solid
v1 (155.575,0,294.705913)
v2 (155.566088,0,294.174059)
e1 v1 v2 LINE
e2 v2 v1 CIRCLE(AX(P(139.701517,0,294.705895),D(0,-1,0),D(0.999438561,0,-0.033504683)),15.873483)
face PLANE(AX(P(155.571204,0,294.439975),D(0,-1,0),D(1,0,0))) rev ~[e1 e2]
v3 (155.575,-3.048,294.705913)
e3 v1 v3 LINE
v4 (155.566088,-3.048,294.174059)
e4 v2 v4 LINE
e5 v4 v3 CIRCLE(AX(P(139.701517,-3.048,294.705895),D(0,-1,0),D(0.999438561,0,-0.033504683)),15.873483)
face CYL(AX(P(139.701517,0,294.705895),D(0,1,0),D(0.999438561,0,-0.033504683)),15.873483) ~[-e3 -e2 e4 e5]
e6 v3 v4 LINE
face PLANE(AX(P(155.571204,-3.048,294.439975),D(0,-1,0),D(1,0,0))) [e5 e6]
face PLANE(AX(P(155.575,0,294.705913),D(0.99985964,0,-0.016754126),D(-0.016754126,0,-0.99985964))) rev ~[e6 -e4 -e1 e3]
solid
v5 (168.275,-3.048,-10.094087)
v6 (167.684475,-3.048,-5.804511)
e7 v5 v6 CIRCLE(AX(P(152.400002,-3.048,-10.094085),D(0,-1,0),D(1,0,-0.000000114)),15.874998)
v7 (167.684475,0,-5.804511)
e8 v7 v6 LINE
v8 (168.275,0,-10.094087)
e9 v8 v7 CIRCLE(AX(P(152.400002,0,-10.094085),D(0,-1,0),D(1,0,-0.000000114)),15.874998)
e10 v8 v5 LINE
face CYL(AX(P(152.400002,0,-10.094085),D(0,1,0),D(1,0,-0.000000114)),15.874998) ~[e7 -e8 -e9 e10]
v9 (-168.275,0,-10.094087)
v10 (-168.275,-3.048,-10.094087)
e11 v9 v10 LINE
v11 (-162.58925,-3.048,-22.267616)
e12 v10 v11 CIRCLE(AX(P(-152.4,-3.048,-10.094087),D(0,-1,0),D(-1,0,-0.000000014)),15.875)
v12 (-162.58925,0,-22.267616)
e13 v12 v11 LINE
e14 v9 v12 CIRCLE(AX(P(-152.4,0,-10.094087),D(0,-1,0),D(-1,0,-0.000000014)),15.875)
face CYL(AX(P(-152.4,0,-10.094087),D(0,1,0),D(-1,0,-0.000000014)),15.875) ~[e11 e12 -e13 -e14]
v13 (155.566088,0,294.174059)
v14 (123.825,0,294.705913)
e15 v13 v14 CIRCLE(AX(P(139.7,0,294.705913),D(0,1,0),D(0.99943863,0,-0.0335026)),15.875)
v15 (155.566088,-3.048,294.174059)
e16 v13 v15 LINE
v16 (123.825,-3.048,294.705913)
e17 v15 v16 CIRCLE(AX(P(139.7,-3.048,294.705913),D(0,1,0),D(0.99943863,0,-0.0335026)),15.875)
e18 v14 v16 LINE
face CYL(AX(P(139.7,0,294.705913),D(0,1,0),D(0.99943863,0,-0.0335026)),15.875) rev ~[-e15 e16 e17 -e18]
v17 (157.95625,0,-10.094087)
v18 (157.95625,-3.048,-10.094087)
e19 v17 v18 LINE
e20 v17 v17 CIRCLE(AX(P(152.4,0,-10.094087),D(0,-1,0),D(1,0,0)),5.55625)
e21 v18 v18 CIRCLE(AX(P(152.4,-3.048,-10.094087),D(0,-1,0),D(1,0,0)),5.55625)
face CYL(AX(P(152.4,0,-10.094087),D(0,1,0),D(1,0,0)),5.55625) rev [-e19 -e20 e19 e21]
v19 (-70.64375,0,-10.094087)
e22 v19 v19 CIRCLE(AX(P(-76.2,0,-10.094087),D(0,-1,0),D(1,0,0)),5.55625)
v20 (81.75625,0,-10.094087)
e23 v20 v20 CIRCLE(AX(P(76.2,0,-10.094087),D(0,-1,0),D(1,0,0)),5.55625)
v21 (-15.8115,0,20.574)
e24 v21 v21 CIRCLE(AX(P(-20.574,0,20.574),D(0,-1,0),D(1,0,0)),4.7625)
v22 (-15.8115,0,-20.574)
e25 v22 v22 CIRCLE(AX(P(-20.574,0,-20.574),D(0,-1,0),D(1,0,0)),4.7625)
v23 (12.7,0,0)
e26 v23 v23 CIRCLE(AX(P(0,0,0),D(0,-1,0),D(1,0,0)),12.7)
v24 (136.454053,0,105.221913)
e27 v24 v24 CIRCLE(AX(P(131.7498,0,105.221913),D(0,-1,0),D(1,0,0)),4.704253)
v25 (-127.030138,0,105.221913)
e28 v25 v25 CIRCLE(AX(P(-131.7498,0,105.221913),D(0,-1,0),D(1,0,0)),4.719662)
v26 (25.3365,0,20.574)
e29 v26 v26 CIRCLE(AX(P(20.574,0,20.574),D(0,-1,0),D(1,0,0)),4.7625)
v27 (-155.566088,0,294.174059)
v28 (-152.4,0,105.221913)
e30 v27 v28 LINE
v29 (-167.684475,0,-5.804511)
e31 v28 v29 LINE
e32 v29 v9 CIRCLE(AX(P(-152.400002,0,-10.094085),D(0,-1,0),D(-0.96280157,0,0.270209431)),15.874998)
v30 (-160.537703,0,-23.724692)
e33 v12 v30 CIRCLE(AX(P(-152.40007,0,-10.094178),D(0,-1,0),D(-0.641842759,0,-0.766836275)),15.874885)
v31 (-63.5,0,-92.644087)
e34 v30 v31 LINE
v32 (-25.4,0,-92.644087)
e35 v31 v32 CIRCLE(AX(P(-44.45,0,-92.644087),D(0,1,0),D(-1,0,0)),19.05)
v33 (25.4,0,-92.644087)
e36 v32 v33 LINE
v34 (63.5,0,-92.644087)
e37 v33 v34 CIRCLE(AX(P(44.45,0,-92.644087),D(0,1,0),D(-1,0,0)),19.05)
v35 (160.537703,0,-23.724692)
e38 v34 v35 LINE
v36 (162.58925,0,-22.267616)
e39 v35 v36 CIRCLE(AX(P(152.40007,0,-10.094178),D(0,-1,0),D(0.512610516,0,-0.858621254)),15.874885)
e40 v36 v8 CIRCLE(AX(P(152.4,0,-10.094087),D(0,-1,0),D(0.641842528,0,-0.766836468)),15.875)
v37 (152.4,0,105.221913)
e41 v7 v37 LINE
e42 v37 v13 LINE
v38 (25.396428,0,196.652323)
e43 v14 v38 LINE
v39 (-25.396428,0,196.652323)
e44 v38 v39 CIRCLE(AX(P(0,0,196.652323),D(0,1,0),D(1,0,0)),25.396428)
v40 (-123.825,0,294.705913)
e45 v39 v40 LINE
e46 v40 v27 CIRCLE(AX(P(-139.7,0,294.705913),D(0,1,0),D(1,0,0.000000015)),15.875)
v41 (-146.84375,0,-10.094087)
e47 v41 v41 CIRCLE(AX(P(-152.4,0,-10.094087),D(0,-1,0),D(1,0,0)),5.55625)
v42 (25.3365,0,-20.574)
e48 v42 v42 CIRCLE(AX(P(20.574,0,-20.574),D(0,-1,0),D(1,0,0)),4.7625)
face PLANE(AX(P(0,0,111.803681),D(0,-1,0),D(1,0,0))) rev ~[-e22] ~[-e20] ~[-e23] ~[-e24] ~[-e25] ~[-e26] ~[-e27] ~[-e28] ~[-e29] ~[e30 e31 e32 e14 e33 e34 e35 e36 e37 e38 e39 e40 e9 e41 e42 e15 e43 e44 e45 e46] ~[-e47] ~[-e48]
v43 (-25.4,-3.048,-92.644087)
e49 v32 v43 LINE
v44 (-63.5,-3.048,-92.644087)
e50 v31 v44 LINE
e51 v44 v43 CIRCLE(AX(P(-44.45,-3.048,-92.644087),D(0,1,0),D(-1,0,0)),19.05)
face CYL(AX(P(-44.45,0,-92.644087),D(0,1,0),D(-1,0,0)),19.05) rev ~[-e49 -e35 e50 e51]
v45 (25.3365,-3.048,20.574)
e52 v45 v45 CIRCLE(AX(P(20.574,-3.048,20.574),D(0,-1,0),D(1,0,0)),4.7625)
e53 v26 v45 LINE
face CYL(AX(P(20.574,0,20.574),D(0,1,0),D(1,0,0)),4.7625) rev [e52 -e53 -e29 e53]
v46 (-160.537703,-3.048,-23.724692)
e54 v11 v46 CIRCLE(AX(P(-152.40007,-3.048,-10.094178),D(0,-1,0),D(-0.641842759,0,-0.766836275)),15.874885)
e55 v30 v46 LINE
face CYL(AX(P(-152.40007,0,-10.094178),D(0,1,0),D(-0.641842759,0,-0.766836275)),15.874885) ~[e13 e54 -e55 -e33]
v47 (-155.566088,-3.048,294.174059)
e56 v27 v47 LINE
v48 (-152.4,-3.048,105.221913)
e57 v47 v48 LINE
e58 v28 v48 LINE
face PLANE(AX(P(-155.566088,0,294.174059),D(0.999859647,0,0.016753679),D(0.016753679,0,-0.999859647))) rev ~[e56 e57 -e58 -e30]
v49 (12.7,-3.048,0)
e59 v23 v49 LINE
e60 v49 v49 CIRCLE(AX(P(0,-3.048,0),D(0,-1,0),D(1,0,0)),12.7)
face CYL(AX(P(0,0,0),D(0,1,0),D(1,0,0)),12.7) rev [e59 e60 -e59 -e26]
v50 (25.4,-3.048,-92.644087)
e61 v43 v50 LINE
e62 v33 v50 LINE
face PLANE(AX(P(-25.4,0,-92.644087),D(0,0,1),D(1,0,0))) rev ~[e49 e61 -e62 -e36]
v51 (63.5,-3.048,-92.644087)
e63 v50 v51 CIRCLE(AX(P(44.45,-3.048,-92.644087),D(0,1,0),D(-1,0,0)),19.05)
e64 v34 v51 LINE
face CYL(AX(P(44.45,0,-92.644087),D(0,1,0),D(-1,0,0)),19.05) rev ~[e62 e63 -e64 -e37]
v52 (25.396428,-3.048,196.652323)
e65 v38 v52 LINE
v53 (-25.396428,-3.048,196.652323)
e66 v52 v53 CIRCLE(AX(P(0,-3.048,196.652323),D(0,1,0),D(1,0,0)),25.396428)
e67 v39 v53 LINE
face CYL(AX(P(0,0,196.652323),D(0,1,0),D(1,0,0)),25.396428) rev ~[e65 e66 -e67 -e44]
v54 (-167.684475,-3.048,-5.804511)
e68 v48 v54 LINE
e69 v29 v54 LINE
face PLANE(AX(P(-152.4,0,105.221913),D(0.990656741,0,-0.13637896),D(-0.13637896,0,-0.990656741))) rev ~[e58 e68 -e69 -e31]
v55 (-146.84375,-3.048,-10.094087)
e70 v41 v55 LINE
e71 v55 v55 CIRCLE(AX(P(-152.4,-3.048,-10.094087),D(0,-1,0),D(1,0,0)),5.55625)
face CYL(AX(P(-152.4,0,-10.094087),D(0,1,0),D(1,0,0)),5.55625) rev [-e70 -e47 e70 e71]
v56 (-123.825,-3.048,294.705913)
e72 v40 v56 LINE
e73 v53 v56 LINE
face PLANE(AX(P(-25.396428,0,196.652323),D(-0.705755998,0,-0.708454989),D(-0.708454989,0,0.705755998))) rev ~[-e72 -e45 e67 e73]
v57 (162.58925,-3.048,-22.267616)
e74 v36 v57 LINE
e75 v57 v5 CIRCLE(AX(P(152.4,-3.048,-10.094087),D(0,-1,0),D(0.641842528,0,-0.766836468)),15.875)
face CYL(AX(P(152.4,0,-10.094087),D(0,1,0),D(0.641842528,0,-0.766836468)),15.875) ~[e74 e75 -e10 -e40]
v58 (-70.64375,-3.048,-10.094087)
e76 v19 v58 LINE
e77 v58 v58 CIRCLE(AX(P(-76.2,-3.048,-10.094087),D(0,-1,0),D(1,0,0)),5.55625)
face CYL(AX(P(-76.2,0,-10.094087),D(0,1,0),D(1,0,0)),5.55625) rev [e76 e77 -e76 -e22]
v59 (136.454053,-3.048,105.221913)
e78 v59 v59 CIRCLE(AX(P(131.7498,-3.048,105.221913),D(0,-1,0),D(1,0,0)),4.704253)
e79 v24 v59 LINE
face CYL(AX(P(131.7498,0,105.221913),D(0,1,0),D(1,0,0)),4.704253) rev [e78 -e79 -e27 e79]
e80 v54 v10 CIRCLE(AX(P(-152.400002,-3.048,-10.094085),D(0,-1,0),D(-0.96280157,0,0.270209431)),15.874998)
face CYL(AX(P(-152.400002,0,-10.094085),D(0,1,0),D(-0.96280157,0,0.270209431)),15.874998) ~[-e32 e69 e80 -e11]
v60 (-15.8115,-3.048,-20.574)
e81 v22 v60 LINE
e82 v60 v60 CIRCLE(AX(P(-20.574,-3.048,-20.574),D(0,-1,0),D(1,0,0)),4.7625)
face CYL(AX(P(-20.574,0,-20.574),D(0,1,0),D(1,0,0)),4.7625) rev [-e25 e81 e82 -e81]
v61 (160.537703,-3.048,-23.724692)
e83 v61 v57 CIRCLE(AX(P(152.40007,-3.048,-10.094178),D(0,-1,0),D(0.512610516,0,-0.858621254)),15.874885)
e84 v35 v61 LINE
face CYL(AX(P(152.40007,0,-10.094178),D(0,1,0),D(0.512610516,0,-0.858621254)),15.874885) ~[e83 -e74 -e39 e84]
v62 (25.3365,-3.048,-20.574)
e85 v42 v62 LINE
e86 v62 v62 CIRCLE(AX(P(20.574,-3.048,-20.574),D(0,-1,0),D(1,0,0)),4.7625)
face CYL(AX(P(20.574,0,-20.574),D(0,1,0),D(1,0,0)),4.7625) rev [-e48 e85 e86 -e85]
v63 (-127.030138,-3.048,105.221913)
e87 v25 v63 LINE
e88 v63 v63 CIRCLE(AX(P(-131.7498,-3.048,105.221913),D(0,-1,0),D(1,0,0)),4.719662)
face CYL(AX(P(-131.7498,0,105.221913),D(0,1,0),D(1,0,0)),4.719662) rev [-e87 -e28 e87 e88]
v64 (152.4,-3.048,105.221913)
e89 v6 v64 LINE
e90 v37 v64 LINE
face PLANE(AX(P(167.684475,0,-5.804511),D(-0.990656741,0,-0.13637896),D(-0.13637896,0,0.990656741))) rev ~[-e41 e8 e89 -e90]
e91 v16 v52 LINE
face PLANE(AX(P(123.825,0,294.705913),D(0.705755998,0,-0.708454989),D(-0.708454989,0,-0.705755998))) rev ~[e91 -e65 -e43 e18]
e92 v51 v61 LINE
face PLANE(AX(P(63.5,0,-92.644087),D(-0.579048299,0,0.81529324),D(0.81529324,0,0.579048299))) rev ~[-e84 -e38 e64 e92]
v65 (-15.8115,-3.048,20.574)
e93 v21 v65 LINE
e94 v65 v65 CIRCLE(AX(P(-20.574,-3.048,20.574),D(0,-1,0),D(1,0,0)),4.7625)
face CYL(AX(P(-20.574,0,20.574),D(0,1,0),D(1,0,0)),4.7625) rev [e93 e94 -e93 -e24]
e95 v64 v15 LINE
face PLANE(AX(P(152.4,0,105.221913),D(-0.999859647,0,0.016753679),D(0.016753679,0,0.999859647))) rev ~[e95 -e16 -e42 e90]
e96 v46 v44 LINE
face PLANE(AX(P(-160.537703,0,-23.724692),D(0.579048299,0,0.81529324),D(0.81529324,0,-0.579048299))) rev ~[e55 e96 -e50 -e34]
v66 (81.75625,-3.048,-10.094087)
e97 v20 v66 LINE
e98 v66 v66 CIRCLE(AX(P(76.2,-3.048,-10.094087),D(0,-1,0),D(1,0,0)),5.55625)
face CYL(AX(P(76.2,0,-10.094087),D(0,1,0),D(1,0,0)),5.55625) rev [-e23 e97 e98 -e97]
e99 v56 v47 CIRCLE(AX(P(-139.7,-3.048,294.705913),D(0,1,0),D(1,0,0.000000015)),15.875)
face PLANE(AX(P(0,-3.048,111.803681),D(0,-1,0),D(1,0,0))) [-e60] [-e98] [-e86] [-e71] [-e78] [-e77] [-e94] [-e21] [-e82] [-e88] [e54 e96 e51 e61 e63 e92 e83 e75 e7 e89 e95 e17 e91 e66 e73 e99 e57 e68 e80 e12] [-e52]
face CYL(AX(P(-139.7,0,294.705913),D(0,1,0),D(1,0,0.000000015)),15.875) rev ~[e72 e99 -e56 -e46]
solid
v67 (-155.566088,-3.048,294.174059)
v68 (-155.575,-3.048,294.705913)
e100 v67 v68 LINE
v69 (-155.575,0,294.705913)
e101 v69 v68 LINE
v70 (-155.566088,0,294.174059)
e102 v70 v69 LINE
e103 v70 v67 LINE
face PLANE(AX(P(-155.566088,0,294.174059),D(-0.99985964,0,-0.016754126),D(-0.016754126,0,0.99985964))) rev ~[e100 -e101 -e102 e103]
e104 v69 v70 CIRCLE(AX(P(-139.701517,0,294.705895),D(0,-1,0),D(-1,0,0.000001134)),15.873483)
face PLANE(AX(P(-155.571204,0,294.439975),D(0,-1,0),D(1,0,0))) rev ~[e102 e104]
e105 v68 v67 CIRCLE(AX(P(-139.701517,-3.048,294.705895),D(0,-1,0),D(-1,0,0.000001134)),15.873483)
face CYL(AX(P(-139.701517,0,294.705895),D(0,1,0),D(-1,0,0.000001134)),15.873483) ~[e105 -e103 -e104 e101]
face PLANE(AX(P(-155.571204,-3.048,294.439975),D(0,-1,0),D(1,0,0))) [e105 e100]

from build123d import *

# Parameters (mm, degrees)
F0_R     = 5.55625
F0_R_2   = 4.7625
F0_R_3   = 12.7
F0_R_4   = 4.719662
F0_R_5   = 4.704253
F1_DEPTH = 3.048


with BuildPart() as f1:
    # F0 (on Front) → F1 (new body)
    with BuildSketch(Plane.XZ):
        with BuildLine():
            ThreePointArc((-155.575, 294.705913), (-155.572772, 294.439949), (-155.566088, 294.174059))
            Line((-155.566088, 294.174059), (-155.575, 294.705913))
        make_face()
        with BuildLine():
            Line((155.575, 294.705913), (155.566088, 294.174059))
            ThreePointArc((155.566088, 294.174059), (155.572772, 294.439949), (155.575, 294.705913))
        make_face()
        with BuildLine():
            ThreePointArc((-63.5, -92.644087), (-44.45, -73.594087), (-25.4, -92.644087))
            Line((-25.4, -92.644087), (25.4, -92.644087))
            ThreePointArc((25.4, -92.644087), (44.45, -73.594087), (63.5, -92.644087))
            Line((63.5, -92.644087), (160.537703, -23.724692))
            Line((160.537703, -23.724692), (162.58925, -22.267616))
            ThreePointArc((162.58925, -22.267616), (166.783497, -16.812021), (168.275, -10.094087))
            Line((168.275, -10.094087), (167.684475, -5.804511))
            Line((167.684475, -5.804511), (152.4, 105.221913))
            Line((152.4, 105.221913), (155.566088, 294.174059))
            ThreePointArc((155.566088, 294.174059), (139.434035, 278.833141), (123.825, 294.705913))
            Line((123.825, 294.705913), (25.396428, 196.652323))
            ThreePointArc((25.396428, 196.652323), (0, 171.255895), (-25.396428, 196.652323))
            Line((-25.396428, 196.652323), (-123.825, 294.705913))
            ThreePointArc((-123.825, 294.705913), (-139.434035, 278.833141), (-155.566088, 294.174059))
            Line((-155.566088, 294.174059), (-152.4, 105.221913))
            Line((-152.4, 105.221913), (-167.684475, -5.804511))
            Line((-167.684475, -5.804511), (-168.275, -10.094087))
            ThreePointArc((-168.275, -10.094087), (-166.783497, -16.812021), (-162.58925, -22.267616))
            Line((-162.58925, -22.267616), (-160.537703, -23.724692))
            Line((-160.537703, -23.724692), (-63.5, -92.644087))
        make_face()
        with Locations((-152.4, -10.094087)):
            Circle(F0_R, mode=Mode.SUBTRACT)
        with Locations((-76.2, -10.094087)):
            Circle(F0_R, mode=Mode.SUBTRACT)
        with Locations((-20.574, -20.574)):
            Circle(F0_R_2, mode=Mode.SUBTRACT)
        with Locations((-20.574, 20.574)):
            Circle(F0_R_2, mode=Mode.SUBTRACT)
        with Locations((20.574, -20.574)):
            Circle(F0_R_2, mode=Mode.SUBTRACT)
        Circle(F0_R_3, mode=Mode.SUBTRACT)
        with Locations((76.2, -10.094087)):
            Circle(F0_R, mode=Mode.SUBTRACT)
        with Locations((152.4, -10.094087)):
            Circle(F0_R, mode=Mode.SUBTRACT)
        with Locations((20.574, 20.574)):
            Circle(F0_R_2, mode=Mode.SUBTRACT)
        with Locations((-131.7498, 105.221913)):
            Circle(F0_R_4, mode=Mode.SUBTRACT)
        with Locations((131.7498, 105.221913)):
            Circle(F0_R_5, mode=Mode.SUBTRACT)
        with BuildLine():
            ThreePointArc((-162.58925, -22.267616), (-161.592392, -23.036867), (-160.537703, -23.724692))
            Line((-160.537703, -23.724692), (-162.58925, -22.267616))
        make_face()
        with BuildLine():
            Line((162.58925, -22.267616), (160.537703, -23.724692))
            ThreePointArc((160.537703, -23.724692), (161.592392, -23.036867), (162.58925, -22.267616))
        make_face()
        with BuildLine():
            ThreePointArc((-167.684475, -5.804511), (-168.126676, -7.929071), (-168.275, -10.094087))
            Line((-168.275, -10.094087), (-167.684475, -5.804511))
        make_face()
        with BuildLine():
            Line((167.684475, -5.804511), (168.275, -10.094087))
            ThreePointArc((168.275, -10.094087), (168.126676, -7.929071), (167.684475, -5.804511))
        make_face()
    extrude(amount=F1_DEPTH)


solid = f1.part
